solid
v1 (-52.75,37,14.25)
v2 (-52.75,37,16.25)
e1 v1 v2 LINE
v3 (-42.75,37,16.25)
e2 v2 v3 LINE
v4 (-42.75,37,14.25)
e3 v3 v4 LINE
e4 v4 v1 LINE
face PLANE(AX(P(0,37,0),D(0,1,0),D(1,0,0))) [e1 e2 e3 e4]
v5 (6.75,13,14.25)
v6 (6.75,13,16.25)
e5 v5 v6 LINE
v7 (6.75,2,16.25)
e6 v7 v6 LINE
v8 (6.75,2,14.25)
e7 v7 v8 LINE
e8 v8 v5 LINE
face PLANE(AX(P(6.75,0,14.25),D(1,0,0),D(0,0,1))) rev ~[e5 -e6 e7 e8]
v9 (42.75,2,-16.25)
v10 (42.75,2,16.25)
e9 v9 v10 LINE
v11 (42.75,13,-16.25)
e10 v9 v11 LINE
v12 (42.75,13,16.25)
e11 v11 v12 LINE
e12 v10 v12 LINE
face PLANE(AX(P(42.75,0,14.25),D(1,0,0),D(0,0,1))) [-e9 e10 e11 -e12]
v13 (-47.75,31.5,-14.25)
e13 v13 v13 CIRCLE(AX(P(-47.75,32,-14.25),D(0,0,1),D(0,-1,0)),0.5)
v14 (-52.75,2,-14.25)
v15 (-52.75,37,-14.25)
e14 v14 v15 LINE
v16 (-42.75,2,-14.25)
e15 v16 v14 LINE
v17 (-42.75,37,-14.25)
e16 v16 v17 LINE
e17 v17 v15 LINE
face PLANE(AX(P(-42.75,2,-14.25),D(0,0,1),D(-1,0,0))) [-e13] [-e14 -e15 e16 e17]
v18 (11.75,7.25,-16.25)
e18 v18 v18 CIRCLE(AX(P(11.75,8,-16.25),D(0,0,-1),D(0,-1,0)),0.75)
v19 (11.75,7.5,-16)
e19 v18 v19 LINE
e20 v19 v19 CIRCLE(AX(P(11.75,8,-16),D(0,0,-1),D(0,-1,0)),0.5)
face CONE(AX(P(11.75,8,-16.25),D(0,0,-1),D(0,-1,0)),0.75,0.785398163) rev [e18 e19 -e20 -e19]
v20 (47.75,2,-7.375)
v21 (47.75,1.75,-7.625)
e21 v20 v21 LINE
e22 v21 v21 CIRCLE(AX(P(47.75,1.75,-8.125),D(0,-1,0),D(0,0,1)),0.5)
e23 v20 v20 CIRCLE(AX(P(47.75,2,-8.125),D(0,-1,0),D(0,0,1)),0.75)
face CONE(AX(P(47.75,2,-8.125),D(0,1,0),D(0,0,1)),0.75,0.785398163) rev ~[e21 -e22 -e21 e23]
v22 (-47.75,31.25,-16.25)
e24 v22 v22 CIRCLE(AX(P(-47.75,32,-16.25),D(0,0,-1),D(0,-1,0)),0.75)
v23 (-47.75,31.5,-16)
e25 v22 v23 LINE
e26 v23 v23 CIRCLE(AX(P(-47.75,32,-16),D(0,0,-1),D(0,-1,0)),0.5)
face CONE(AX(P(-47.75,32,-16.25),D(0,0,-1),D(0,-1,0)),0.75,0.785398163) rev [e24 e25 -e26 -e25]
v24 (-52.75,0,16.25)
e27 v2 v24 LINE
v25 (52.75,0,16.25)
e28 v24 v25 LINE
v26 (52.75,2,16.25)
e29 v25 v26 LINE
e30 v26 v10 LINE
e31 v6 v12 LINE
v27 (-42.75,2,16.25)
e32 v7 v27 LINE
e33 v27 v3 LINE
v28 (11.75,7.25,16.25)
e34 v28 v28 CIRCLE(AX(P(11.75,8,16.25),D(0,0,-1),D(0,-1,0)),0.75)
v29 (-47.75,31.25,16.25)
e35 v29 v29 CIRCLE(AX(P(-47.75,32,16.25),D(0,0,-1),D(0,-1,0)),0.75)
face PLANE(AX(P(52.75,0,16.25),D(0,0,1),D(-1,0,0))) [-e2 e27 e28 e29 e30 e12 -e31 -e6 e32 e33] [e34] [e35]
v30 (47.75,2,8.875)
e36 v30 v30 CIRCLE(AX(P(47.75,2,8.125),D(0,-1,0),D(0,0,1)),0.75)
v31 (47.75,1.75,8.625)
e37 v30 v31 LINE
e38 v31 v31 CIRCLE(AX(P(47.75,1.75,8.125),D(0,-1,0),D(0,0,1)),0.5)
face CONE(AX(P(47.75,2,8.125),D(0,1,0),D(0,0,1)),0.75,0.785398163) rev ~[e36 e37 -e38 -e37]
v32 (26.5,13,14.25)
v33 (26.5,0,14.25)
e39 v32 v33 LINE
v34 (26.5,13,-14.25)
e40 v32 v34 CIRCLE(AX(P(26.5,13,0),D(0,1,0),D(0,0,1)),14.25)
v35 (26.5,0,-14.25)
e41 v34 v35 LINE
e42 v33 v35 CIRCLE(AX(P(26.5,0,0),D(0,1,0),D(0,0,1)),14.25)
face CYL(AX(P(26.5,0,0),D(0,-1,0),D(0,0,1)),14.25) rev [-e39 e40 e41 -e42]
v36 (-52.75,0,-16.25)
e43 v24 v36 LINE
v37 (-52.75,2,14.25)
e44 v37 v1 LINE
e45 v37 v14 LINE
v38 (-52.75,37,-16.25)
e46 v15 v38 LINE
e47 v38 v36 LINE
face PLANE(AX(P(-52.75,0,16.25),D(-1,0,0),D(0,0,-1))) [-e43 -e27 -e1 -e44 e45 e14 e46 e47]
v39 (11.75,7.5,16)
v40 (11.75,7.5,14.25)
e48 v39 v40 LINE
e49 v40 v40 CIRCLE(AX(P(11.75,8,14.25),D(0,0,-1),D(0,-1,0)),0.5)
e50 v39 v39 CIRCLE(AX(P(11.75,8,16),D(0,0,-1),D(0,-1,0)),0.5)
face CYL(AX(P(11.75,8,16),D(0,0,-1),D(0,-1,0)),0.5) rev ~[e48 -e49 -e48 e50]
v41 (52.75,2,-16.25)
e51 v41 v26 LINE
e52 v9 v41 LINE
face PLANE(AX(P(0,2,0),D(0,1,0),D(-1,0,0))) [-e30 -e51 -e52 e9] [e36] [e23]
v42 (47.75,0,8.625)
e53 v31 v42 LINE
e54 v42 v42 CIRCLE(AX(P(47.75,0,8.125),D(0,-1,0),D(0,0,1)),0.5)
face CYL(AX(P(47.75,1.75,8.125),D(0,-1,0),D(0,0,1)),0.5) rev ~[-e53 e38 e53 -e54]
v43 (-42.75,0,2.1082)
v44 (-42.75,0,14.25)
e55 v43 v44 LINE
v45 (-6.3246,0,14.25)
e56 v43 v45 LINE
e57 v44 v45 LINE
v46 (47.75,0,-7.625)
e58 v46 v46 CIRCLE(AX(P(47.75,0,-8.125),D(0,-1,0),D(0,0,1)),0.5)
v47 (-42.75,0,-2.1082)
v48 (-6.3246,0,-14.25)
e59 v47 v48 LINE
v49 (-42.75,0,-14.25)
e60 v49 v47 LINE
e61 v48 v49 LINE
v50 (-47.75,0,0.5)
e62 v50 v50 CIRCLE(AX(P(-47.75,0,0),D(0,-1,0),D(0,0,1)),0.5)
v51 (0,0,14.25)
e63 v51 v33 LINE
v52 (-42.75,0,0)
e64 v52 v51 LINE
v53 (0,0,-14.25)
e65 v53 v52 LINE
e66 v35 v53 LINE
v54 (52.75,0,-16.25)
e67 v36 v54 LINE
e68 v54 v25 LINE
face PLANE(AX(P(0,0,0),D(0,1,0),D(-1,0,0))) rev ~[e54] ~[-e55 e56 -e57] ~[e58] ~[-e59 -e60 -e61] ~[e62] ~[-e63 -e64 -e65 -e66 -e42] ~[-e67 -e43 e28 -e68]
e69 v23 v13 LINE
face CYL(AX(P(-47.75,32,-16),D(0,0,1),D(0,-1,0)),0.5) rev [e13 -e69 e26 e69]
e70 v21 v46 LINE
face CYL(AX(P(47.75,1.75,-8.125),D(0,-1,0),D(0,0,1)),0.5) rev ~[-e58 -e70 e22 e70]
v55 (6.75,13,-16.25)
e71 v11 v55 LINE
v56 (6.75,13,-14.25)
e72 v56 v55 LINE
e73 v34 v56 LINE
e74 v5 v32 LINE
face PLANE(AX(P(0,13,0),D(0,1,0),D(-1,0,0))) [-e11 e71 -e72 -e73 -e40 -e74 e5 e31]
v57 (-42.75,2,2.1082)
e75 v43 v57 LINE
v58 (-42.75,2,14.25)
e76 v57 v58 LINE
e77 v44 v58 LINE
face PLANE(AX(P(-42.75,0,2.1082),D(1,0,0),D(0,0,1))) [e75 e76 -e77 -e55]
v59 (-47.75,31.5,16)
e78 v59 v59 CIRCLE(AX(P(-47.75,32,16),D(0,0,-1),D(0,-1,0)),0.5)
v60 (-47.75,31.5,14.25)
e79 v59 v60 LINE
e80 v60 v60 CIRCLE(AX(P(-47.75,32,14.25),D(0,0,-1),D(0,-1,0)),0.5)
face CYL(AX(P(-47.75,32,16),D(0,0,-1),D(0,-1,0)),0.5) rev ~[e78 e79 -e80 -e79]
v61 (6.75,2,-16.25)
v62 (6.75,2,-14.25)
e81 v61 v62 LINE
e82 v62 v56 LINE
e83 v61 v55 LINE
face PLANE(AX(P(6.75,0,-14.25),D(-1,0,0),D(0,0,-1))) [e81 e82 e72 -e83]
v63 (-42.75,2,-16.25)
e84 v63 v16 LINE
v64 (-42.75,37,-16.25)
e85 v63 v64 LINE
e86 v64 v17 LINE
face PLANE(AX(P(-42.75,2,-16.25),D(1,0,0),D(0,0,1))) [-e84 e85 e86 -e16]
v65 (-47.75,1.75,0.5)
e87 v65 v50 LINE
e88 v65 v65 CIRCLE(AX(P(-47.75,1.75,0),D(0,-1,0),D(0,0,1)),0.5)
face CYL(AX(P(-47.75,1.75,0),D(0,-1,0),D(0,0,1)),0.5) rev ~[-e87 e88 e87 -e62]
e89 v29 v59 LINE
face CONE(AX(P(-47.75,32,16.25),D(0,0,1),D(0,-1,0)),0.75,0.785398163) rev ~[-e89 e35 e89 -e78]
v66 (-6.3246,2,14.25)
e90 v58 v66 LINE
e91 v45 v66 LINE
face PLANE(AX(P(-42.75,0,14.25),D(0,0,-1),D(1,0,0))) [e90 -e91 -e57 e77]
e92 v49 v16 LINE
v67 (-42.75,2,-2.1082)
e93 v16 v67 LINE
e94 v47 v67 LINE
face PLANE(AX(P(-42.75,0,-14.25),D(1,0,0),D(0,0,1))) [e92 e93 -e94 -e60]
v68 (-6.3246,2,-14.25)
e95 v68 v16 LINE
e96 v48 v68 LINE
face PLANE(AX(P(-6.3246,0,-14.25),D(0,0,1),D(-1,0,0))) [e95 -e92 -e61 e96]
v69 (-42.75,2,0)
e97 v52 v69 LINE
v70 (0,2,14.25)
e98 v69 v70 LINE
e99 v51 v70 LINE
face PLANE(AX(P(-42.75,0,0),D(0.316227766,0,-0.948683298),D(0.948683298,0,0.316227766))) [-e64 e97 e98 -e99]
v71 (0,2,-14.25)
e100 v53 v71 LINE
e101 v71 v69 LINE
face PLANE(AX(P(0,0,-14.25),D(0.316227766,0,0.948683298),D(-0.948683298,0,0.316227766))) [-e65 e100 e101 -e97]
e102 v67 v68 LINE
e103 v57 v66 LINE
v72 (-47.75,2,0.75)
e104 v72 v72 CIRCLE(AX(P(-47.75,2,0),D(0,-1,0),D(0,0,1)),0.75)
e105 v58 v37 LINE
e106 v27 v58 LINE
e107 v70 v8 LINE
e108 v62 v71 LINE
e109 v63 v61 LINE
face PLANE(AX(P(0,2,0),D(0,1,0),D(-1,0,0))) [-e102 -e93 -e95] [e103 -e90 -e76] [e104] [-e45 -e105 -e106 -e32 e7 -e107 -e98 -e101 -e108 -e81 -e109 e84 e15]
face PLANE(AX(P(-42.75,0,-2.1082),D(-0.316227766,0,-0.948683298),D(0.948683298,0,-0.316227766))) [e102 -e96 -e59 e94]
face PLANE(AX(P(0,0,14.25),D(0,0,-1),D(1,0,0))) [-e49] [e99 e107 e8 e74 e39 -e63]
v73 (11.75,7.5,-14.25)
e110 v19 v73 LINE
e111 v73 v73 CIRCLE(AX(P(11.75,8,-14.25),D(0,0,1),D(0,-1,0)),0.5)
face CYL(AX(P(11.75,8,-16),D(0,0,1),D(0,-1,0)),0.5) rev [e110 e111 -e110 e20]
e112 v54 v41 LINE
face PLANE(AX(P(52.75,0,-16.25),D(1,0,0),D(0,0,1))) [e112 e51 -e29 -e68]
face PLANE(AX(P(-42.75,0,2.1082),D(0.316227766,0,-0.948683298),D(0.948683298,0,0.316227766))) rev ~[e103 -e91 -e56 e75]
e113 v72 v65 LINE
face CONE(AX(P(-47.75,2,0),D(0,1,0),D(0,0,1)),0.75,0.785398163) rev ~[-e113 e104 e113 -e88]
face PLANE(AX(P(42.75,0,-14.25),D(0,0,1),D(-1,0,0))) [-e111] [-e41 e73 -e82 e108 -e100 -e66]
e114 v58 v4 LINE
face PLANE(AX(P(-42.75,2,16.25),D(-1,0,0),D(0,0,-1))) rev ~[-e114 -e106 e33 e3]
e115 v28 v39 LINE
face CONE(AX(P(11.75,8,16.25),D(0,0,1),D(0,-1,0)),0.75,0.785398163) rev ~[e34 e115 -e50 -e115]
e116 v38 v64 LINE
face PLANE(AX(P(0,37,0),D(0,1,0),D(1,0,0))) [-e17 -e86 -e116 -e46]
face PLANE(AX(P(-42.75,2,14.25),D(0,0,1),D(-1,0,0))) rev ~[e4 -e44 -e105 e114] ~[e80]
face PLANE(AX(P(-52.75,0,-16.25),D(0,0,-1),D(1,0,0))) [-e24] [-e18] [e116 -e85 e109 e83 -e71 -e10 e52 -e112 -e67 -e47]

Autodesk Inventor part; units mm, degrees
ref_plane "YZ Plane" through (0, 0, 0) normal (1, 0, 0) x (0, 1, 0)
ref_plane "XZ Plane" through (0, 0, 0) normal (0, 1, 0) x (-1, 0, 0)
ref_plane "XY Plane" through (0, 0, 0) normal (0, 0, 1) x (1, 0, 0)
sketch "Эскиз1" plane through (0, 0, 0) normal (0, 1, 0) x (-1, 0, 0)
  line L0 (-52.75, 16.25) -> (52.75, 16.25)
  line L1 (52.75, 16.25) -> (52.75, -16.25)
  line L2 (52.75, -16.25) -> (-52.75, -16.25)
  line L3 (-52.75, -16.25) -> (-52.75, 16.25)
  line L4 (-52.75, 16.25) -> (52.75, -16.25) construction
  line L5 (52.75, 16.25) -> (-52.75, -16.25) construction
  line L6 (-42.75, -14.25) -> (0, -14.25)
  line L7 (42.75, -14.25) -> (42.75, -2.1082)
  line L8 (42.75, 14.25) -> (6.3246, 14.25)
  line L9 (-42.75, 14.25) -> (-42.75, -14.25)
  line L10 (52.75, -16.25) -> (36.5, 0) construction
  line L11 (36.5, 0) -> (52.75, 16.25) construction
  line L12 (47.75, -16.25) -> (47.75, 16.25) construction
  line L13 (0, -22.75) -> (0, 22.75) construction
  line L14 (0, -16.25) -> (0, -14.25) construction
  line L15 (0, 14.25) -> (0, 16.25) construction
  line L16 (0, -14.25) -> (42.75, 0)
  line L17 (42.75, 0) -> (0, 14.25)
  line L18 (42.75, -2.1082) -> (6.3246, -14.25)
  line L19 (42.75, 2.1082) -> (6.3246, 14.25)
  line L20 (42.75, -2.1082) -> (42.1175, -0.2108) construction
  line L21 (42.75, 2.1082) -> (42.1175, 0.2108) construction
  line L22 (42.75, -2.1082) -> (42.75, 2.1082) construction
  line L23 (42.75, 2.1082) -> (42.75, 14.25)
  line L24 (6.3246, -14.25) -> (42.75, -14.25)
  line L25 (0, -14.25) -> (6.3246, -14.25) construction
  line L26 (6.3246, 14.25) -> (0, 14.25) construction
  line L27 (0, 14.25) -> (-42.75, 14.25)
  point P0 (0, 0)
  point P1 (0, 0)
  dimension "d0" = 105.5
  dimension "d4" = 10
  dimension "d5" = 10
  dimension "d8" = 5
  dimension "d24" = 28.5
  dimension "d29" = 2
extrude "Выдавливание1" add sketch "Эскиз1" along normal blind 2
sketch "Эскиз2" plane through (0, 0, 0) normal (0, 1, 0) x (-1, 0, 0)
  line L0 (-42.75, -16.25) -> (-42.75, 16.25)
  line L1 (52.75, 16.25) -> (-52.75, 16.25) projected
  line L2 (-52.75, 16.25) -> (-52.75, -16.25) projected
  line L3 (0, -14.25) -> (-42.75, -14.25) construction
  line L4 (-40.75, -14.25) -> (-40.75, 14.25) construction
  line L5 (6.3246, 14.25) -> (42.75, 14.25) construction
  line L6 (-40.75, -14.25) -> (-26.5, -14.25) construction
  line L7 (-6.75, -14.25) -> (-6.75, -16.25)
  line L8 (-52.75, -16.25) -> (52.75, -16.25) projected
  line L9 (-6.75, -16.25) -> (-42.75, -16.25)
  line L10 (-42.75, 16.25) -> (-6.75, 16.25)
  line L11 (-6.75, 14.25) -> (-26.5, 14.25)
  line L12 (-6.75, 14.25) -> (-6.75, 16.25)
  arc A0 (-26.5, 14.25) -> (-26.5, -14.25) centre (-26.5, 0) ccw
  line L13 (-26.5, -14.25) -> (-6.75, -14.25)
  line L14 (-26.5, 14.25) -> (-40.75, 14.25) construction
  line L15 (-42.75, -14.25) -> (-42.75, 14.25) projected
  point P0 (0, 0)
  point P1 (42.75, -14.25)
  point P2 (-42.75, -16.25)
  dimension "d13" = 2
  dimension "d14" = 34
extrude "Выдавливание2" add sketch "Эскиз2" along normal blind 13 contours L0 L1 L12 L11 A0 L13 L7 L8
sketch "Эскиз3" plane through (0, 2, 0) normal (0, 1, 0) x (1, 0, 0)
  line L0 (-42.75, 14.25) -> (-52.75, 14.25)
  line L1 (-52.75, 14.25) -> (-52.75, 16.25)
  line L2 (-52.75, 16.25) -> (-42.75, 16.25)
  line L3 (-42.75, 16.25) -> (-42.75, 14.25)
  line L4 (-52.75, 16.25) -> (-52.75, -16.25) construction
  line L5 (-52.75, -16.25) -> (-42.75, -16.25)
  line L6 (-42.75, -16.25) -> (-42.75, -14.25)
  line L7 (-42.75, -14.25) -> (-52.75, -14.25)
  line L8 (-52.75, -14.25) -> (-52.75, -16.25)
  point P0 (0, 0)
  point P1 (-42.75, 14.25)
extrude "Выдавливание3" add sketch "Эскиз3" along normal blind 35
sketch "Эскиз4" plane through (-52.75, 0, 16.25) normal (0, 0, 1) x (1, 0, 0)
  line L0 (10, 37) -> (0, 37) construction
  line L1 (0, 37) -> (10, 37) construction
  line L2 (10, 37) -> (10, 27) construction
  line L3 (10, 27) -> (0, 27) construction
  line L4 (0, 27) -> (0, 37) construction
  line L5 (105.5, 0) -> (0, 0) construction
  line L6 (0, 0) -> (0, 37) construction
  line L7 (10, 37) -> (10, 2) construction
  line L8 (10, 2) -> (59.5, 2) construction
  line L9 (59.5, 2) -> (59.5, 13) construction
  line L10 (59.5, 13) -> (95.5, 13) construction
  line L11 (95.5, 13) -> (95.5, 2) construction
  line L12 (95.5, 2) -> (105.5, 2) construction
  line L13 (105.5, 2) -> (105.5, 0) construction
  line L14 (10, 2) -> (10, 37) construction
  line L15 (0, 0) -> (0, 37) construction
  line L16 (10, 27) -> (0, 37) construction
  line L17 (10, 37) -> (0, 27) construction
  circle A0 centre (5, 32) radius 0.5
  line L18 (59.5, 13) -> (69.5, 13) construction
  line L19 (69.5, 13) -> (69.5, 3) construction
  line L20 (69.5, 3) -> (59.5, 3) construction
  line L21 (59.5, 3) -> (59.5, 13) construction
  line L22 (69.5, 13) -> (59.5, 3) construction
  line L23 (59.5, 2) -> (59.5, 13) construction
  line L24 (59.5, 13) -> (69.5, 3) construction
  circle A1 centre (64.5, 8) radius 0.5
  line L25 (0, 37) -> (10, 37) projected
  point P0 (52.75, 0)
  dimension "d19" = 1
  dimension "d20" = 10
  dimension "d21" = 1
hole "Отверстие1" at (-47.75, 32, 16.25) at (11.75, 8, 16.25) direction (0, 0, -1) diameter 1 depth 16.25 countersink diameter 1.5 countersink angle 90
mirror "Зеркальное отражение1" about plane through (0, 0, 0) normal (0, 0, 1) of "Отверстие1"
sketch "Эскиз5" plane through (0, 2, 0) normal (0, 1, 0) x (1, 0, 0)
  line L0 (-42.75, 2.1082) -> (-6.3246, 14.25) construction
  line L1 (-6.3246, 14.25) -> (-42.75, 14.25) construction
  line L2 (-42.75, 14.25) -> (-52.75, 14.25) construction
  line L3 (-52.75, -14.25) -> (-52.75, 14.25) construction
  line L4 (-52.75, -16.25) -> (-52.75, -14.25) construction
  line L5 (-42.75, -16.25) -> (-52.75, -16.25) construction
  line L6 (-42.75, -14.25) -> (-42.75, -16.25) construction
  line L7 (-42.75, -14.25) -> (-6.3246, -14.25) construction
  line L8 (-6.3246, -14.25) -> (-42.75, -2.1082) construction
  line L9 (-42.75, -2.1082) -> (-42.75, -14.25) construction
  line L10 (-42.75, 14.25) -> (-42.75, 2.1082) construction
  line L11 (-42.75, 16.25) -> (-42.75, 14.25) construction
  line L12 (-42.75, 16.25) -> (6.75, 16.25) construction
  line L13 (6.75, 16.25) -> (42.75, 16.25) construction
  line L14 (42.75, 16.25) -> (52.75, 16.25) construction
  line L15 (52.75, 16.25) -> (52.75, -16.25) construction
  line L16 (52.75, -16.25) -> (42.75, -16.25) construction
  line L17 (42.75, 16.25) -> (42.75, -16.25) construction
  line L18 (-52.75, 14.25) -> (-52.75, 16.25) construction
  line L19 (-52.75, 16.25) -> (-42.75, 16.25) construction
  line L20 (-52.75, -14.25) -> (-42.75, -14.25) construction
  line L21 (6.75, -16.25) -> (-42.75, -16.25) construction
  line L22 (42.75, -16.25) -> (6.75, -16.25) construction
  line L23 (6.75, 14.25) -> (6.75, 16.25) construction
  line L24 (6.75, 14.25) -> (0, 14.25) construction
  line L25 (0, 14.25) -> (-42.75, 0) construction
  line L26 (-42.75, 0) -> (0, -14.25) construction
  line L27 (0, -14.25) -> (6.75, -14.25) construction
  line L28 (6.75, -14.25) -> (26.5, -14.25) construction
  arc A0 (26.5, -14.25) -> (26.5, 14.25) centre (26.5, 0) ccw construction
  line L29 (26.5, 14.25) -> (6.75, 14.25) construction
  line L30 (6.75, -16.25) -> (6.75, -14.25) construction
  line L31 (-6.3246, -14.25) -> (-42.75, -14.25) construction
  line L32 (-52.75, 14.25) -> (-42.75, -14.25) construction
  line L33 (-42.75, 14.25) -> (-52.75, -14.25) construction
  line L34 (42.75, 16.25) -> (52.75, 0) construction
  line L35 (52.75, -16.25) -> (52.75, 16.25) construction
  line L36 (52.75, 0) -> (42.75, -16.25) construction
  line L37 (-52.75, -16.25) -> (52.75, -16.25) construction
  line L38 (52.75, -16.25) -> (42.75, 0) construction
  line L39 (52.75, 16.25) -> (-52.75, 16.25) construction
  line L40 (42.75, 0) -> (52.75, 16.25) construction
  circle A1 centre (-47.75, 0) radius 0.5
  circle A2 centre (47.75, 8.125) radius 0.5
  circle A3 centre (47.75, -8.125) radius 0.5
  point P0 (0, 0)
  dimension "d37" = 1
hole "Отверстие2" at (-47.75, 2, 0) at (47.75, 2, -8.125) at (47.75, 2, 8.125) direction (0, -1, 0) diameter 1 end through all countersink diameter 1.5 countersink angle 90
properties part number "frame"
